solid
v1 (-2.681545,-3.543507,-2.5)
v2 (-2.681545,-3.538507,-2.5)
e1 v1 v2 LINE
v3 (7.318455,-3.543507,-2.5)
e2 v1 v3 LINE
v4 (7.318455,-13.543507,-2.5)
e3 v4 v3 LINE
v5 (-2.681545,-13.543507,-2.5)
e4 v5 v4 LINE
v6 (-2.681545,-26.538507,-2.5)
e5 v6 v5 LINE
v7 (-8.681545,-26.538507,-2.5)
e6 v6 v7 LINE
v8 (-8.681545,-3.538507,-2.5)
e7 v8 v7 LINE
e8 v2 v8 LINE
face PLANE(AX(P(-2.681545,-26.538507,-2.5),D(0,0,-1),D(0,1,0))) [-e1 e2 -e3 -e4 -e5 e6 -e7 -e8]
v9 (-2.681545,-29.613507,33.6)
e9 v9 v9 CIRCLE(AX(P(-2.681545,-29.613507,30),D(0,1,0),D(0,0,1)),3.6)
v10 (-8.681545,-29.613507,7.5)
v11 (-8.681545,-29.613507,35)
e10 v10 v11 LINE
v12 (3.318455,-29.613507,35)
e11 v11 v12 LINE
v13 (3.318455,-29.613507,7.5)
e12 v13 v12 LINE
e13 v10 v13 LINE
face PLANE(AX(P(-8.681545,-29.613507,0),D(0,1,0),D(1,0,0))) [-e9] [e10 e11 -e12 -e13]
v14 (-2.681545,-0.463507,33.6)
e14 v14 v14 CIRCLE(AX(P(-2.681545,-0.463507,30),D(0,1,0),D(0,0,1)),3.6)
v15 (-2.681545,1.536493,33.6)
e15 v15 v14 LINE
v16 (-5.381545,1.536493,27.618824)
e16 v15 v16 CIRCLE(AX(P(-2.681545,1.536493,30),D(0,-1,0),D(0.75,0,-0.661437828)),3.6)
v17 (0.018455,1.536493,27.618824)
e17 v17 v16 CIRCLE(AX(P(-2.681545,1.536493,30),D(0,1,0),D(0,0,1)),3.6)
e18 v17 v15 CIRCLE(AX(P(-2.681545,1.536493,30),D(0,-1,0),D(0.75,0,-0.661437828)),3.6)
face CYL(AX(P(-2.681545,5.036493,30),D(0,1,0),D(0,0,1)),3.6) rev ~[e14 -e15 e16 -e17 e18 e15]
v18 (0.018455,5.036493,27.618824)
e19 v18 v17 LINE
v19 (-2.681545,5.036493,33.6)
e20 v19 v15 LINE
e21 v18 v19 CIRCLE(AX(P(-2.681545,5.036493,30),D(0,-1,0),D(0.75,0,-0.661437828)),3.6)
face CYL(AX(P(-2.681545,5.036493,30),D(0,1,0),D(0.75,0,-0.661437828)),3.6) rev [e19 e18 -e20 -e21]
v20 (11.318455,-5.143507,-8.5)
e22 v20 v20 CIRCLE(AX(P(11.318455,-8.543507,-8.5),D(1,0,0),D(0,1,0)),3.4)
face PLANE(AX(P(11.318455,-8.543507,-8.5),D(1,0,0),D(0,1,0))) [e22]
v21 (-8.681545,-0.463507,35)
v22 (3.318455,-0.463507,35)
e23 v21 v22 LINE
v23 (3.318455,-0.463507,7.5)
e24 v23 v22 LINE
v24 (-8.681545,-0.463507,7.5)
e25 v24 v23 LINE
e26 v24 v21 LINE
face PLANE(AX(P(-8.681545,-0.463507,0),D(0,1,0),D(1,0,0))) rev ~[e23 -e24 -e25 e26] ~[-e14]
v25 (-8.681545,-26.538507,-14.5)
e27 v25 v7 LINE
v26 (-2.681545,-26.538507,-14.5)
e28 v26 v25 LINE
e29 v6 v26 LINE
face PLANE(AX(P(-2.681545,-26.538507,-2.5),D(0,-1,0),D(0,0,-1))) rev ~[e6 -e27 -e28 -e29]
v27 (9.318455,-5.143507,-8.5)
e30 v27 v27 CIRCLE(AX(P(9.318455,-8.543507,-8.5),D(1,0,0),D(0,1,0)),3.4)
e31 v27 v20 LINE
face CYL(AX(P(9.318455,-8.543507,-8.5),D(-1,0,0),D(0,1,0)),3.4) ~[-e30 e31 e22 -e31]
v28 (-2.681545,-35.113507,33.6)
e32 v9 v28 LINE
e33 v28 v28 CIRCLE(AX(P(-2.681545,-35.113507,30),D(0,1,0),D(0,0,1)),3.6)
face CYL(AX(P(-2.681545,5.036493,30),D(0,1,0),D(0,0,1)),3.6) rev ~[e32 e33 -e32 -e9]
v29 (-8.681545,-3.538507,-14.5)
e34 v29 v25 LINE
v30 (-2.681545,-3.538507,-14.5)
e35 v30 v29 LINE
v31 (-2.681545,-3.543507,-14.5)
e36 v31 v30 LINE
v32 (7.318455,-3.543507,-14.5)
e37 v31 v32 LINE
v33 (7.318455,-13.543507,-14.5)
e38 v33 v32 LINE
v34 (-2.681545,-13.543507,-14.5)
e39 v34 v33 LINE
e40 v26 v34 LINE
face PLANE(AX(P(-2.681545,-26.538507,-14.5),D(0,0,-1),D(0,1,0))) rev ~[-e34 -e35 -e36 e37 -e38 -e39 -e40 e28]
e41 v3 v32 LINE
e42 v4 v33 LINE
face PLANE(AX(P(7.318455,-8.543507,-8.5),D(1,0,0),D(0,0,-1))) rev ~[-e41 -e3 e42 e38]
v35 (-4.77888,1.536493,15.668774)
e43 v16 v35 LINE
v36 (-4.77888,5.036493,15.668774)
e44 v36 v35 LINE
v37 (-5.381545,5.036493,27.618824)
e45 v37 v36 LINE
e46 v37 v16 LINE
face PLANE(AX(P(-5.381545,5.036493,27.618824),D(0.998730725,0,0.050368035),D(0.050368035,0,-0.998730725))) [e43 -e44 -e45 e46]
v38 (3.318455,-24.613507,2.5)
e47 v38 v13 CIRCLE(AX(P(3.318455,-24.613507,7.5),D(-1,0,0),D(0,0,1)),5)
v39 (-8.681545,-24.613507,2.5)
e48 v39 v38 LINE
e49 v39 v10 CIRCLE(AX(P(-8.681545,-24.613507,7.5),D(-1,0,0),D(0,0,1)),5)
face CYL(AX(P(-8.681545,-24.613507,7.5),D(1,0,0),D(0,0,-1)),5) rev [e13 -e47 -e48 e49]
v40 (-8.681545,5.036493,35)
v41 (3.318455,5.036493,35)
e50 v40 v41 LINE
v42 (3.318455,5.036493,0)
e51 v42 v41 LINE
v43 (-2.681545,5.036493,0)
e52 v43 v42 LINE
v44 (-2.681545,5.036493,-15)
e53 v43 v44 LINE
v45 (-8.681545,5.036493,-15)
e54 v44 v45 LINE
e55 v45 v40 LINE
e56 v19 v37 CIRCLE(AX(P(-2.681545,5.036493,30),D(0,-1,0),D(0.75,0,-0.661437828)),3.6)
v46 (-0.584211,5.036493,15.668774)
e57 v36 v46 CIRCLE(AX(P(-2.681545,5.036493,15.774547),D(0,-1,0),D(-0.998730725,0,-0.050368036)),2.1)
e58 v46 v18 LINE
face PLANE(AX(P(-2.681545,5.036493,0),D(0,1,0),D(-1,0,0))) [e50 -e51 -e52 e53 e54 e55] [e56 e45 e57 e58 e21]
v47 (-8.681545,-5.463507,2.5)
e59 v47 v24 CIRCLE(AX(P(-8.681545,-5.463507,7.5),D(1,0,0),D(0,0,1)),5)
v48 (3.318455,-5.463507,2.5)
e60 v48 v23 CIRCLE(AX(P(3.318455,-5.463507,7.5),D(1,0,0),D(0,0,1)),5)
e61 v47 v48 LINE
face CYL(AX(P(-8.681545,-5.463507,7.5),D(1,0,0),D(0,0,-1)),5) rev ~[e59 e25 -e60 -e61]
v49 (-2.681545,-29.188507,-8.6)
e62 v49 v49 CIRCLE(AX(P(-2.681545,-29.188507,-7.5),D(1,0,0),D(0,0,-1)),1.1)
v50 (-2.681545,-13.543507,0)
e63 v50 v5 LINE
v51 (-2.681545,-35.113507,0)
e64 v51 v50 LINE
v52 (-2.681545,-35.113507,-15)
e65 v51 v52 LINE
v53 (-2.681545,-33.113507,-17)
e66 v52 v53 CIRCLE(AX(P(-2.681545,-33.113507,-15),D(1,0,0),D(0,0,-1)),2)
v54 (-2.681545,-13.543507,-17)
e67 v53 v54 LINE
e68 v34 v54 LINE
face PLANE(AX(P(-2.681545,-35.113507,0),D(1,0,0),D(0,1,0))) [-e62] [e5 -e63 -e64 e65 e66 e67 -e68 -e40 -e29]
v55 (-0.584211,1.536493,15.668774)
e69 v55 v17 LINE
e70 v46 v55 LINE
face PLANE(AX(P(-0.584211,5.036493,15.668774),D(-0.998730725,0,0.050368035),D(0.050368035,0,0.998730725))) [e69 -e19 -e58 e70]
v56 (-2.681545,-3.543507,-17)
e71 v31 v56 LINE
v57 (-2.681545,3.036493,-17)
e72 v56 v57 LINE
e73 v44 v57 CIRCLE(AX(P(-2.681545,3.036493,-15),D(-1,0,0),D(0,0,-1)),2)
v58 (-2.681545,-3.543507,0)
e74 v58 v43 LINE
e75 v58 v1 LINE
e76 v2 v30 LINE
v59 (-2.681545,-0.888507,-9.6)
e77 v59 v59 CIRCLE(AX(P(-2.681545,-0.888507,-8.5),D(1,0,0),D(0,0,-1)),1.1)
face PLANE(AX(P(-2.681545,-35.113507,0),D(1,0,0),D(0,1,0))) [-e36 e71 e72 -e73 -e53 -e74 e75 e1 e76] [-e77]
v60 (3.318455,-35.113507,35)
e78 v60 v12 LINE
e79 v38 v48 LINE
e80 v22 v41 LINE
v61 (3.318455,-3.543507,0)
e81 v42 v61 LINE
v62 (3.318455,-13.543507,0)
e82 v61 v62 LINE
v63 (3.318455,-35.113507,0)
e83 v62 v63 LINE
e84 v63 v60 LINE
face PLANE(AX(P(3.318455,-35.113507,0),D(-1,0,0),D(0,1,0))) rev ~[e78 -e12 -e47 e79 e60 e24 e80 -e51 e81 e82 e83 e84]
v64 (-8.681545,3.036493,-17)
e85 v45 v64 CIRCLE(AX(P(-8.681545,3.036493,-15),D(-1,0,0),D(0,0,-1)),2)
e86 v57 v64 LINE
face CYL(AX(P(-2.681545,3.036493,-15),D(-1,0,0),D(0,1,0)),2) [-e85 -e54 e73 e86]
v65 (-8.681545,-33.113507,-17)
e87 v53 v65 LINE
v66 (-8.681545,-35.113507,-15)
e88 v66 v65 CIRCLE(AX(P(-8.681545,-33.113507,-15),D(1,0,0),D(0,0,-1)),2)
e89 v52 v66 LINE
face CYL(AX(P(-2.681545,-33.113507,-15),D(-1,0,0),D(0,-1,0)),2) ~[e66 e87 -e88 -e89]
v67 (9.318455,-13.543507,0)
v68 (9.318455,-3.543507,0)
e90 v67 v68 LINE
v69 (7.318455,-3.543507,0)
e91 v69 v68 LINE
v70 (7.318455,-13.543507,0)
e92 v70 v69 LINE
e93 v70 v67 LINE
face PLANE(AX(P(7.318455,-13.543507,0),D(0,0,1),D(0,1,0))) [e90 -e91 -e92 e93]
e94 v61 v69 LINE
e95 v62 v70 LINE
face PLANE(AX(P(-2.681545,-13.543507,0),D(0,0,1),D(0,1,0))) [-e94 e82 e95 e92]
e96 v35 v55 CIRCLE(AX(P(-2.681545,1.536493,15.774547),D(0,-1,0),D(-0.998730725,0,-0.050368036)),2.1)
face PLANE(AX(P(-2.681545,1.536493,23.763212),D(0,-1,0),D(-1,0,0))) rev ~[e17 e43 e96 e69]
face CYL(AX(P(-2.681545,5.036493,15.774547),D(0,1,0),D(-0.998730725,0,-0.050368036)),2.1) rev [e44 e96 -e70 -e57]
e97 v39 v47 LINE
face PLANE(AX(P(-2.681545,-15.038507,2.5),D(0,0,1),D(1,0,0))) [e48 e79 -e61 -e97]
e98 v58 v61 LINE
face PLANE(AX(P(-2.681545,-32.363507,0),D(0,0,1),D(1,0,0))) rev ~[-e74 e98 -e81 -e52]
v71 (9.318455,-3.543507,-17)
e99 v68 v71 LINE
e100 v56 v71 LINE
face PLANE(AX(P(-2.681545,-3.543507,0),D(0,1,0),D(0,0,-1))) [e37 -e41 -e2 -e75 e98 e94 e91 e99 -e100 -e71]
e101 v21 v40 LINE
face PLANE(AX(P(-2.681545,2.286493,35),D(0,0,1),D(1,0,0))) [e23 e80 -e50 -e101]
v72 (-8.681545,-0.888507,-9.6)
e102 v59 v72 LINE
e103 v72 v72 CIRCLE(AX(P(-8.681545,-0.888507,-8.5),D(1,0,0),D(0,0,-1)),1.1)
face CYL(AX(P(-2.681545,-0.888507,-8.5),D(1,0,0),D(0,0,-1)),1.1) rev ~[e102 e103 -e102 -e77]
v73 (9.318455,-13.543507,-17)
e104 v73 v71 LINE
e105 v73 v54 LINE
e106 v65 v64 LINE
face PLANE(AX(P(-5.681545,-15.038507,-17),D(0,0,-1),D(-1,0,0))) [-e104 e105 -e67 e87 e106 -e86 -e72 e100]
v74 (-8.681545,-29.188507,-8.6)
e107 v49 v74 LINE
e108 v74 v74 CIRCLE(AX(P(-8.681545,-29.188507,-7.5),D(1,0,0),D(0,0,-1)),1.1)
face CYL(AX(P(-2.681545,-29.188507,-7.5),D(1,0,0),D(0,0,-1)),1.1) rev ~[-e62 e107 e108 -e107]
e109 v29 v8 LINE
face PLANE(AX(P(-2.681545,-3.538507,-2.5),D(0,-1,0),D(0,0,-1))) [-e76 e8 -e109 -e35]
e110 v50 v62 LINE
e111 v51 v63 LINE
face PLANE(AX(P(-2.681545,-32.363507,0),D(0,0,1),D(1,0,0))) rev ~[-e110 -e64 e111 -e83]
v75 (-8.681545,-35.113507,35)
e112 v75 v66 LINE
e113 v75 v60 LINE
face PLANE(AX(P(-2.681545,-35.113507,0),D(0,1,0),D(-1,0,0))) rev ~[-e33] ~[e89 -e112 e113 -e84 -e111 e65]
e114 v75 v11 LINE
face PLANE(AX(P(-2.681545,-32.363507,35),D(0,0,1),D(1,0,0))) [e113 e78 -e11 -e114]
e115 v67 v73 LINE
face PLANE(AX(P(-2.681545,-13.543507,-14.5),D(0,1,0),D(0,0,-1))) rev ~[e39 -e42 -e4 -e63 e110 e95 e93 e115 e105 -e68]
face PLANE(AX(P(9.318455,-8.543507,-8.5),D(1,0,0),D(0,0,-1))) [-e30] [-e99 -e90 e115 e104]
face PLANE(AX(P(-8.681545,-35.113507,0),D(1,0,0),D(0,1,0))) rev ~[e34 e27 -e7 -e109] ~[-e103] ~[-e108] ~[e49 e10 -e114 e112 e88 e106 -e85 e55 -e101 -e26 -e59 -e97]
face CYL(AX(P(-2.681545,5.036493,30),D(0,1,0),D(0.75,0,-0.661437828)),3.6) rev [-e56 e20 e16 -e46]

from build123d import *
from build123d.topology import SkipClean

# Parameters (mm, degrees)
SKETCH2_W             = 12
SKETCH2_H             = 5.5
BOSS_EXTRUDE2_DEPTH   = 35
BOSS_EXTRUDE2_2_DEPTH = 35
SKETCH2_3_W           = 12
SKETCH2_3_H           = 29.15
BOSS_EXTRUDE3_DEPTH   = 2.5
SKETCH7_W             = 6
SKETCH7_H             = 40.15
BOSS_EXTRUDE4_DEPTH   = 17
CUT_EXTRUDE5_REACH    = 51.94
SKETCH8_R             = 1.1
SKETCH8_W             = 12
SKETCH8_H             = 23
CUT_EXTRUDE6_DEPTH    = 3.5
SKETCH10_R            = 3.6
CUT_EXTRUDE7_DEPTH    = 54.966579755
FILLET6_R             = 5
FILLET7_R             = 5
SKETCH12_W            = 2.5
SKETCH12_H            = 10
BOSS_EXTRUDE5_DEPTH   = 10
SKETCH13_W            = 17
SKETCH13_H            = 10
BOSS_EXTRUDE6_DEPTH   = 2
SKETCH14_R            = 3.4
BOSS_EXTRUDE7_DEPTH   = 2
FILLET8_R             = 2
FILLET9_R             = 2


with BuildPart() as part:
    # Sketch2 → Boss-Extrude2 (new body)
    with BuildSketch(Plane.XY):
        with Locations((-2.681545395, 2.286493048)):
            Rectangle(SKETCH2_W, SKETCH2_H)
    extrude(amount=BOSS_EXTRUDE2_DEPTH)

    # Sketch2<3> → Boss-Extrude3 (add)
    with BuildSketch(Plane.XY):
        with Locations((-2.681545395, -15.038506952)):
            Rectangle(SKETCH2_3_W, SKETCH2_3_H)
    extrude(amount=BOSS_EXTRUDE3_DEPTH)



with BuildPart() as body_2:
    # Sketch2 → Boss-Extrude2 2 (new body)
    with BuildSketch(Plane.XY):
        with Locations((-2.681545395, -32.363506952)):
            Rectangle(SKETCH2_W, SKETCH2_H)
    extrude(amount=BOSS_EXTRUDE2_2_DEPTH)


with BuildPart() as part_1:
    add(part.part)

    add(body_2.part)  # Boss-Extrude4 merges body 2
    # Sketch7 → Boss-Extrude4 (add)
    with BuildSketch(Plane(origin=(0, 0, 0), x_dir=(-1, 0, 0), z_dir=(0, 0, -1))):
        with Locations((5.681545395, -15.038506952)):
            Rectangle(SKETCH7_W, SKETCH7_H)
    extrude(amount=BOSS_EXTRUDE4_DEPTH)

    # Sketch8 → Cut-Extrude5 (cut, up to next)
    with BuildSketch(Plane(origin=(-2.681545395, 0, 0), x_dir=(0, 0, -1), z_dir=(1, 0, 0)), mode=Mode.PRIVATE) as cut_extrude5_sk1:
        with Locations((8.5, -0.888506952)):
            Circle(SKETCH8_R)
    cut_extrude5_tool1 = extrude(cut_extrude5_sk1.sketch, amount=-CUT_EXTRUDE5_REACH, mode=Mode.PRIVATE) & part_1.part
    # Sketch8 → Cut-Extrude5 (cut, up to next)
    with BuildSketch(Plane(origin=(-2.681545395, 0, 0), x_dir=(0, 0, -1), z_dir=(1, 0, 0)), mode=Mode.PRIVATE) as cut_extrude5_sk2:
        with Locations((7.5, -29.188506952)):
            Circle(SKETCH8_R)
    cut_extrude5_tool2 = extrude(cut_extrude5_sk2.sketch, amount=-CUT_EXTRUDE5_REACH, mode=Mode.PRIVATE) & part_1.part
    # Sketch8 → Cut-Extrude5 (cut, up to next)
    with BuildSketch(Plane(origin=(-2.681545395, 0, 0), x_dir=(0, 0, -1), z_dir=(1, 0, 0)), mode=Mode.PRIVATE) as cut_extrude5_sk3:
        with Locations((8.5, -15.038506952)):
            Rectangle(SKETCH8_W, SKETCH8_H)
    cut_extrude5_tool3 = extrude(cut_extrude5_sk3.sketch, amount=-CUT_EXTRUDE5_REACH, mode=Mode.PRIVATE) & part_1.part
    add(cut_extrude5_tool1.solids().sort_by_distance((-2.681545, -0.888507, -8.5))[0], mode=Mode.SUBTRACT)
    add(cut_extrude5_tool2.solids().sort_by_distance((-2.681545, -29.188507, -7.5))[0], mode=Mode.SUBTRACT)
    add(cut_extrude5_tool3.solids().sort_by_distance((-2.681545, -15.038507, -8.5))[0], mode=Mode.SUBTRACT)

    # Sketch9 → Cut-Extrude6 (cut)
    with BuildSketch(Plane(origin=(0, 5.036493048, 0), x_dir=(1, 0, 0), z_dir=(0, 1, 0))):
        with BuildLine():
            Line((-0.584210872, -15.668774056), (0.018454605, -27.61882382))
            ThreePointArc((0.018454605, -27.61882382), (-2.681545395, -33.6), (-5.381545395, -27.61882382))
            Line((-5.381545395, -27.61882382), (-4.778879917, -15.668774056))
            ThreePointArc((-4.778879917, -15.668774056), (-2.681545395, -13.674546931), (-0.584210872, -15.668774056))
        make_face()
    extrude(amount=-CUT_EXTRUDE6_DEPTH, mode=Mode.SUBTRACT)

    # Sketch10 → Cut-Extrude7 (cut, through all)
    with BuildSketch(Plane(origin=(0, 5.036493048, 0), x_dir=(1, 0, 0), z_dir=(0, 1, 0))):
        with Locations((-2.681545395, -30)):
            Circle(SKETCH10_R)
    extrude(amount=-CUT_EXTRUDE7_DEPTH, mode=Mode.SUBTRACT)

    # Fillet6
    fillet6_edges = [part_1.edges().sort_by_distance(p)[0] for p in [
        (-2.681545395, -0.463506952, 2.5),
    ]]
    fillet(fillet6_edges, radius=FILLET6_R)

    # Fillet7
    fillet7_edges = [part_1.edges().sort_by_distance(p)[0] for p in [
        (-2.681545395, -29.613506952, 2.5),
    ]]
    fillet(fillet7_edges, radius=FILLET7_R)

    # Sketch12 → Boss-Extrude5 (add)
    with SkipClean():  # the faces are left unmerged after this step: merging them gives an invalid solid
        with BuildSketch(Plane(origin=(-2.681545395, 0, 0), x_dir=(0, 0, -1), z_dir=(1, 0, 0))):
            with Locations((1.25, -8.543506952)):
                Rectangle(SKETCH12_W, SKETCH12_H)
            with Locations((15.75, -8.543506952)):
                Rectangle(SKETCH12_W, SKETCH12_H)
        extrude(amount=BOSS_EXTRUDE5_DEPTH)

    # Sketch13 → Boss-Extrude6 (add)
    with SkipClean():  # the faces are left unmerged after this step: merging them gives an invalid solid
        with BuildSketch(Plane(origin=(7.318454605, 0, 0), x_dir=(0, 0, -1), z_dir=(1, 0, 0))):
            with Locations((8.5, -8.543506952)):
                Rectangle(SKETCH13_W, SKETCH13_H)
        extrude(amount=BOSS_EXTRUDE6_DEPTH)

    # Sketch14 → Boss-Extrude7 (add)
    with SkipClean():  # the faces are left unmerged after this step: merging them gives an invalid solid
        with BuildSketch(Plane(origin=(9.318454605, 0, 0), x_dir=(0, 0, -1), z_dir=(1, 0, 0))):
            with Locations((8.5, -8.543506952)):
                Circle(SKETCH14_R)
        extrude(amount=BOSS_EXTRUDE7_DEPTH)

    # Fillet8
    fillet8_edges = [part_1.edges().sort_by_distance(p)[0] for p in [
        (-5.681545395, 5.036493048, -17),
    ]]
    fillet(fillet8_edges, radius=FILLET8_R)

    # Fillet9
    fillet9_edges = [part_1.edges().sort_by_distance(p)[0] for p in [
        (-5.681545395, -35.113506952, -17),
    ]]
    fillet(fillet9_edges, radius=FILLET9_R)


solid = part_1.part
